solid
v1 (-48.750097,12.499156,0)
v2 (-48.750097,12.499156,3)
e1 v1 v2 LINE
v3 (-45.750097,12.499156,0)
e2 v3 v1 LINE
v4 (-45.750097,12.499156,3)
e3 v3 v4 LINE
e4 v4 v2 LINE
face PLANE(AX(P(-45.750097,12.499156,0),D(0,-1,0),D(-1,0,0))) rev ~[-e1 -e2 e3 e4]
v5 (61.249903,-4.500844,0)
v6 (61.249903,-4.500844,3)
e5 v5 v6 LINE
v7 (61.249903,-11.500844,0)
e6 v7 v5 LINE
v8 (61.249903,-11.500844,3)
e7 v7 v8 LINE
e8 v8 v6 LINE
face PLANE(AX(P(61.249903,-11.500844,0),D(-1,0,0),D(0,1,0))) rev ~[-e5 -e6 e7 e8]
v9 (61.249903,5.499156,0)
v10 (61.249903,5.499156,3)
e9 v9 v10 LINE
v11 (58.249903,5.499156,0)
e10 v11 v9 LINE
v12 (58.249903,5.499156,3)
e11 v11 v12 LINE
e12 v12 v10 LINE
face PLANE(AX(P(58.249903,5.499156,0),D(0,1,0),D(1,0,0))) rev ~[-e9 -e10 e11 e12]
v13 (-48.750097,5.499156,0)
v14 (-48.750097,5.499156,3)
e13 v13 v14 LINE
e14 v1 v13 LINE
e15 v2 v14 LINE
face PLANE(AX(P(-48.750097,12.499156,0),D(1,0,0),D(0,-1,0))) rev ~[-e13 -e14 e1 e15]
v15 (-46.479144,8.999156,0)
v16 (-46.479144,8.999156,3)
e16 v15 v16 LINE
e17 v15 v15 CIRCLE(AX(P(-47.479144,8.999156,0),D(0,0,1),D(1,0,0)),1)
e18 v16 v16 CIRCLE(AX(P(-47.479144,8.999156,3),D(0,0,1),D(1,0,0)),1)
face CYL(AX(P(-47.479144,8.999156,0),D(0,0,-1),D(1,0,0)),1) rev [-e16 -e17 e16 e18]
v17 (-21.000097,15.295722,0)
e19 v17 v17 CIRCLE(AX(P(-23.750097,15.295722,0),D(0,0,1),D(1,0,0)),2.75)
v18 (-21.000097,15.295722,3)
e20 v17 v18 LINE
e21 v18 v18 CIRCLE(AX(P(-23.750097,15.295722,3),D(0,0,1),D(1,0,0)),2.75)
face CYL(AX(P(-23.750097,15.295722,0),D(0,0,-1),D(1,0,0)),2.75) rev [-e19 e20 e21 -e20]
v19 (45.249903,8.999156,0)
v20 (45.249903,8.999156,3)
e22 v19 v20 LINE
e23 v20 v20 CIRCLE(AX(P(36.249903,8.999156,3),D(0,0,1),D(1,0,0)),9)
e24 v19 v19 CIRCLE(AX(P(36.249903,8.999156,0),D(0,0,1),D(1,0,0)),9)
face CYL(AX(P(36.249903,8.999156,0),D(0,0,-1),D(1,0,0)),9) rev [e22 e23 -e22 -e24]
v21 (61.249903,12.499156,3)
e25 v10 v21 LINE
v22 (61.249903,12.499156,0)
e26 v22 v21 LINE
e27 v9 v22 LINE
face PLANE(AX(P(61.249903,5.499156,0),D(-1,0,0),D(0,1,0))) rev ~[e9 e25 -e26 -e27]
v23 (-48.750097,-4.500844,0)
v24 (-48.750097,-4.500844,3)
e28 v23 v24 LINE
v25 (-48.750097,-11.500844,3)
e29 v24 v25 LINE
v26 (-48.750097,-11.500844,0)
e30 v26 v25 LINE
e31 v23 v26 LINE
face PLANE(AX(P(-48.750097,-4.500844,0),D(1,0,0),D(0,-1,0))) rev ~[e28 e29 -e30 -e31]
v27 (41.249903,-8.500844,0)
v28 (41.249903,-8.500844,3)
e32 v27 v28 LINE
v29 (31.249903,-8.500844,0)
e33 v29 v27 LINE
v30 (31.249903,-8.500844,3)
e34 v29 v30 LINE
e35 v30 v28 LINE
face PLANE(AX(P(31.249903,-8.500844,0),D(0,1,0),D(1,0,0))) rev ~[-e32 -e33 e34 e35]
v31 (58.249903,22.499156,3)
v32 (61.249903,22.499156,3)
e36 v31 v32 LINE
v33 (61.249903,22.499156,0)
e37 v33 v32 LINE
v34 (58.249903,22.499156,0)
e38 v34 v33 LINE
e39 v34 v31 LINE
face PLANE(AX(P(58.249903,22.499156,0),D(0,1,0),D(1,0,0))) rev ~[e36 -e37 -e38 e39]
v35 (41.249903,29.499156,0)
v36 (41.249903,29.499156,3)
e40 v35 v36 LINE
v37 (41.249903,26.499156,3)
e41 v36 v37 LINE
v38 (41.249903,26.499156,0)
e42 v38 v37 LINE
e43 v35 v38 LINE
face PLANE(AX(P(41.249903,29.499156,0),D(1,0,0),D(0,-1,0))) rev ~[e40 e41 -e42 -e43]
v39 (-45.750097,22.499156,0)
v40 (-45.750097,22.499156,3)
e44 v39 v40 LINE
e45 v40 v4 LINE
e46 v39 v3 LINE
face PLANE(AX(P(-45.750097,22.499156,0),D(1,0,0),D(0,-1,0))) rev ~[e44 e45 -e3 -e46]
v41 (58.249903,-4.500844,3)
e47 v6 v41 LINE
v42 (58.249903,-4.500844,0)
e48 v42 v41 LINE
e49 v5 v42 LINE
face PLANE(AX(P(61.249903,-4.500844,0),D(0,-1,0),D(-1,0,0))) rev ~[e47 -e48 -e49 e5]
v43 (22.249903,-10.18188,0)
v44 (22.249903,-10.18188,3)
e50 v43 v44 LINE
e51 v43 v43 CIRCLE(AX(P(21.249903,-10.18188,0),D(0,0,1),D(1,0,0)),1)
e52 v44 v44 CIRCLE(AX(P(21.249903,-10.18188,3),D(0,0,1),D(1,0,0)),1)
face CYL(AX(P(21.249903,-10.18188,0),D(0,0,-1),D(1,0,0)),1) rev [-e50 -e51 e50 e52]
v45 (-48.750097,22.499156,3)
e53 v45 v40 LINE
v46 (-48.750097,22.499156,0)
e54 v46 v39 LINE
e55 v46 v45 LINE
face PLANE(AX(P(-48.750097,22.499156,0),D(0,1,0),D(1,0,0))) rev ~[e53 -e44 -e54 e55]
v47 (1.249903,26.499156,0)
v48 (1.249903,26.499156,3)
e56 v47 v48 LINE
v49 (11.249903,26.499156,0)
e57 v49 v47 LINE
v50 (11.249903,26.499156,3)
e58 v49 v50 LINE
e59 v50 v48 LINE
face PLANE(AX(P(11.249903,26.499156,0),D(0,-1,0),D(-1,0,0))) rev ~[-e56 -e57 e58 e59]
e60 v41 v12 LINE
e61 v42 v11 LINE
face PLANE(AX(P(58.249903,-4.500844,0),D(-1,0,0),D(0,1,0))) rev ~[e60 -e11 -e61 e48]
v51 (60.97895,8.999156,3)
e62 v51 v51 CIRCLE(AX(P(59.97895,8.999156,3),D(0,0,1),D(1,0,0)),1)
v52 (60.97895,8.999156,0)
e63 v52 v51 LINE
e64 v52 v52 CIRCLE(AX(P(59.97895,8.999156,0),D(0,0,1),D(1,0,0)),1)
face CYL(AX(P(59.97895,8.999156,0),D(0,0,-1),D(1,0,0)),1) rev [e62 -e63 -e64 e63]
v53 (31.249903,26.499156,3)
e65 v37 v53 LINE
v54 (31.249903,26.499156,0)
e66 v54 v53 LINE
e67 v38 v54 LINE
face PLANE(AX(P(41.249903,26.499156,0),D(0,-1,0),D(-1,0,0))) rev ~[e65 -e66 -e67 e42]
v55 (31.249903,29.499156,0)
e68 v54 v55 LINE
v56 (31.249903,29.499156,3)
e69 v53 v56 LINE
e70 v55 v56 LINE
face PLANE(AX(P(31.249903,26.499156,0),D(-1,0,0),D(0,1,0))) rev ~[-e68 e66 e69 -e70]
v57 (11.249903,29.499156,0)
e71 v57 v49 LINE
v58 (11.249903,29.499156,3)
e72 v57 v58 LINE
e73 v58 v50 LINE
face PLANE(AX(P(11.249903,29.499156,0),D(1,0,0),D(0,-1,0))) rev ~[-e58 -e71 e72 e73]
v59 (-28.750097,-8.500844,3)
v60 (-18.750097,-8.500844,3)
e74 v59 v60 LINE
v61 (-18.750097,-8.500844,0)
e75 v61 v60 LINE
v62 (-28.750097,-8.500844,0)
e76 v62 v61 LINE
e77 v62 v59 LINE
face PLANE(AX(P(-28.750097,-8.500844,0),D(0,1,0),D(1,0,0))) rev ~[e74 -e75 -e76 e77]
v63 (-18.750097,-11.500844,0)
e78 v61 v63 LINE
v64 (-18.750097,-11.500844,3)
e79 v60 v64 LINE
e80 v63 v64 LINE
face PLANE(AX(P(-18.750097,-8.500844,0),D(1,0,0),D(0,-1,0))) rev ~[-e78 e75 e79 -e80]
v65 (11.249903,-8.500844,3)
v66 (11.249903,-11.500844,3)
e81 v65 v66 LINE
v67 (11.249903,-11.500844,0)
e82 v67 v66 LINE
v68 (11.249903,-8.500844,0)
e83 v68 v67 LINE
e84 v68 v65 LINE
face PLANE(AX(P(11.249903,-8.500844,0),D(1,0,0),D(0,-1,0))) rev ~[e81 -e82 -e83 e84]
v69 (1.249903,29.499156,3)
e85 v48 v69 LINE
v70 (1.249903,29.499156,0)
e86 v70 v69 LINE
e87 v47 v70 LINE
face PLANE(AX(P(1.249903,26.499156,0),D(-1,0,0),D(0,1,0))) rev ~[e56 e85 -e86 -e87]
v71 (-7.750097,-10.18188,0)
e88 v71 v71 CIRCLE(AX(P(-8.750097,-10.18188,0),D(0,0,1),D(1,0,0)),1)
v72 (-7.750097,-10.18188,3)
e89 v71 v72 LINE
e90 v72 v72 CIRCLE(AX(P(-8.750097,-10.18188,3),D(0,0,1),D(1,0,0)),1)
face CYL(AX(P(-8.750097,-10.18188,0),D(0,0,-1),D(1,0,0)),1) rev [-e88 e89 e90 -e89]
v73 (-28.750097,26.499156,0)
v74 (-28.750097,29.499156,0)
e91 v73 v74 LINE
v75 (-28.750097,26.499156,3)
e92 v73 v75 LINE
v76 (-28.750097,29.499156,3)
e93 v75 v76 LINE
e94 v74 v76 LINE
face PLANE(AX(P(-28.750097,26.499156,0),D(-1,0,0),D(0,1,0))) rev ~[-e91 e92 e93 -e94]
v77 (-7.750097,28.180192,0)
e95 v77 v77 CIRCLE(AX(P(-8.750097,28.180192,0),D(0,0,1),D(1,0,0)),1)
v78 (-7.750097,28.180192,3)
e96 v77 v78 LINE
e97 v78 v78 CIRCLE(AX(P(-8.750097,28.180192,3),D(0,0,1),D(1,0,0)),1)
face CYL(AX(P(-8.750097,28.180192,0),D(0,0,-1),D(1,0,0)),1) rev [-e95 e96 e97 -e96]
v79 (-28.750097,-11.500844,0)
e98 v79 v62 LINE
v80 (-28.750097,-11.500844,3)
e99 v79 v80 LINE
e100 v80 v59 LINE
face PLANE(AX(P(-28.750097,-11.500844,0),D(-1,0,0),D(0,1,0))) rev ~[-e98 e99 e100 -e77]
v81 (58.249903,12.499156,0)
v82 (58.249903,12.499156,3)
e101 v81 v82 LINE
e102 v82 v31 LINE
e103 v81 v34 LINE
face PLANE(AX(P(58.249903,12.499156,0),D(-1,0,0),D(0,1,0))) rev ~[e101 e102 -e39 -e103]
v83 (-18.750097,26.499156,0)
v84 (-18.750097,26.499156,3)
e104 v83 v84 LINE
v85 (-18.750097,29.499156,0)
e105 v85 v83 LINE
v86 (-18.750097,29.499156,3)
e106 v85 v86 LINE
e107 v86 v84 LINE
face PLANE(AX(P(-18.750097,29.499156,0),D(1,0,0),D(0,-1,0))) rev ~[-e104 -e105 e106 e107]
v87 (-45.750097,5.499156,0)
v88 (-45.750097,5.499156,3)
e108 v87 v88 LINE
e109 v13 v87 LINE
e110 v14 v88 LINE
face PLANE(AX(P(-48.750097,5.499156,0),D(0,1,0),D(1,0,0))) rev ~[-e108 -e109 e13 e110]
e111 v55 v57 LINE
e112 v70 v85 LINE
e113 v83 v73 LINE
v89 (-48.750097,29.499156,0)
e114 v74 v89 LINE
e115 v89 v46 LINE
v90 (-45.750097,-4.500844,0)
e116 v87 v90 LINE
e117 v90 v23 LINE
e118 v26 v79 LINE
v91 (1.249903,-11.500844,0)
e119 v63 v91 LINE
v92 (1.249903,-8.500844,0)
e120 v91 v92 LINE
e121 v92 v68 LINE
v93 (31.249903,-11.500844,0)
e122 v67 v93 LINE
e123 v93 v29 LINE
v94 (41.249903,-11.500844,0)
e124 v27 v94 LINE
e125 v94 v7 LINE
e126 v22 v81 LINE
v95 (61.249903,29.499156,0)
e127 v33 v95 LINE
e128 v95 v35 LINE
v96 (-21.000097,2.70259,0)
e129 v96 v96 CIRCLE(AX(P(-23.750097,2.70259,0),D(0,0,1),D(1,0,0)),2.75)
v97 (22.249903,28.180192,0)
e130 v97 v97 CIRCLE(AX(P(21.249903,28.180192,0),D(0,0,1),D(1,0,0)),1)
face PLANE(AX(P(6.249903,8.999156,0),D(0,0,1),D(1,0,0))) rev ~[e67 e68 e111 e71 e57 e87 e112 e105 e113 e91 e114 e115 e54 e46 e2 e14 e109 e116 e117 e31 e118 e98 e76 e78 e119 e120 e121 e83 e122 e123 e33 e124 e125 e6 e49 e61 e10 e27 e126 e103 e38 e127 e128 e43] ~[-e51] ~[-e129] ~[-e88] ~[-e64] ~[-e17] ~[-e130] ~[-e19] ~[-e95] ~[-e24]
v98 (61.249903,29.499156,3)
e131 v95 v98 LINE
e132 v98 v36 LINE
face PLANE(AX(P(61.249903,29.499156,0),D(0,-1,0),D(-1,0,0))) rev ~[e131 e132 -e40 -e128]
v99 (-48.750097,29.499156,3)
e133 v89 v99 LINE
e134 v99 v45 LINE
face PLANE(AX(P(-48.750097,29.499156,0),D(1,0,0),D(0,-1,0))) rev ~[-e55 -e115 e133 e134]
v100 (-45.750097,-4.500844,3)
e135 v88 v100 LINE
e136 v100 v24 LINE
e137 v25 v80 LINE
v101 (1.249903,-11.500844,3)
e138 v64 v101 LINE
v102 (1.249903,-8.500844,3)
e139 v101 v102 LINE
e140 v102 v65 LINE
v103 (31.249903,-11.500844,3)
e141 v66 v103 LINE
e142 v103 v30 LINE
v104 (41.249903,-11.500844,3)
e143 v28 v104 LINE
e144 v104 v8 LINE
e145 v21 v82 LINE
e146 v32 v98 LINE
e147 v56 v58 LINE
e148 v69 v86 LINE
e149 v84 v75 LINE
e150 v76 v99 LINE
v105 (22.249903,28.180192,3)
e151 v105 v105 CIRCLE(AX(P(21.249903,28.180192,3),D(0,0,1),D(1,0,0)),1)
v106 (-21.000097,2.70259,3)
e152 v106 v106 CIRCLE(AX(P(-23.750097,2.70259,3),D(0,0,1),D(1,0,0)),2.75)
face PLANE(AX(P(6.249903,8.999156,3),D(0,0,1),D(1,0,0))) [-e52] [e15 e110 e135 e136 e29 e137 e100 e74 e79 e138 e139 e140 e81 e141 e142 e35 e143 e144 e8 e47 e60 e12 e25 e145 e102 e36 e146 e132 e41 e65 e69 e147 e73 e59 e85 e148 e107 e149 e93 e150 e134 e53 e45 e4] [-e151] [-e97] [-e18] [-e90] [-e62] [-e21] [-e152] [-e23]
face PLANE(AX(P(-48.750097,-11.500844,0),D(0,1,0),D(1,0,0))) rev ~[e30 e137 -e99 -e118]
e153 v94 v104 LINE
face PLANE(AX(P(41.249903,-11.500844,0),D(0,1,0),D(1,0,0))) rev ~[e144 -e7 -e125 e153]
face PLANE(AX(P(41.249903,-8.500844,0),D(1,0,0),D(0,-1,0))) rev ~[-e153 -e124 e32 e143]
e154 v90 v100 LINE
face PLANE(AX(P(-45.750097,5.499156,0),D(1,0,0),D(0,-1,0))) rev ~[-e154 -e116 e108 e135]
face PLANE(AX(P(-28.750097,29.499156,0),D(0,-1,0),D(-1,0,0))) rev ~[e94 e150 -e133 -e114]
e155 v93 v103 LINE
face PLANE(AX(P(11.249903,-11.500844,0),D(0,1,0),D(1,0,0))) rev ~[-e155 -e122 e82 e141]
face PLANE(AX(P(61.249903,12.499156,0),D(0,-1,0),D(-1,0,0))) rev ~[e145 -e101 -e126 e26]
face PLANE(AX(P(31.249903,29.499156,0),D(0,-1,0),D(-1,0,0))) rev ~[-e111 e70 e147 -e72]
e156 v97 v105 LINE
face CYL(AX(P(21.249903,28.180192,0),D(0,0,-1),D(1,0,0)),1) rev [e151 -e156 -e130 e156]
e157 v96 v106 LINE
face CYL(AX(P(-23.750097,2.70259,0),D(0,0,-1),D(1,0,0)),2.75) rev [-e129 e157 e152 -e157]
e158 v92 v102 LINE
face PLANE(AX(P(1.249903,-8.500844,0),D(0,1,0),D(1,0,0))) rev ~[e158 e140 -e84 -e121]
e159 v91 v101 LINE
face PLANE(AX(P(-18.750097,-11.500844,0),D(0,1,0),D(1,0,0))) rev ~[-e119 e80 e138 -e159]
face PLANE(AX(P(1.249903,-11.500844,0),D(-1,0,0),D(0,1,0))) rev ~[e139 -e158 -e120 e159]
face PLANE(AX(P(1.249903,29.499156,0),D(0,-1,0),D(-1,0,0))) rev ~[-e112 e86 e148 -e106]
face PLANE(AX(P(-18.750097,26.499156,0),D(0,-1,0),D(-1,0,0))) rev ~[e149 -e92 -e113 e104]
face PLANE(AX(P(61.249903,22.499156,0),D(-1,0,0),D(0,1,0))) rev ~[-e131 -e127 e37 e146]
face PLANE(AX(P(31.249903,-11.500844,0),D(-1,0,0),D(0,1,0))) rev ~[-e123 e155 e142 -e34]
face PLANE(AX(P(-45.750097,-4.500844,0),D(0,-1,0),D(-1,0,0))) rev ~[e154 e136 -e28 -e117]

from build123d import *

# Parameters (mm, degrees)
F0_R     = 1
F0_R_2   = 2.75
F0_R_3   = 9
F1_DEPTH = 3


with BuildPart() as f1:
    # F0 (on Top) → F1 (new body)
    with BuildSketch(Plane.XY):
        Polygon((-48.750097, -4.500844), (-48.750097, -11.500844), (-28.750097, -11.500844), (-28.750097, -8.500844), (-18.750097, -8.500844), (-18.750097, -11.500844), (1.249903, -11.500844), (1.249903, -8.500844), (6.249903, -8.500844), (11.249903, -8.500844), (11.249903, -11.500844), (31.249903, -11.500844), (31.249903, -8.500844), (41.249903, -8.500844), (41.249903, -11.500844), (61.249903, -11.500844), (61.249903, -4.500844), (58.249903, -4.500844), (58.249903, 5.499156), (61.249903, 5.499156), (61.249903, 12.499156), (58.249903, 12.499156), (58.249903, 22.499156), (61.249903, 22.499156), (61.249903, 29.499156), (41.249903, 29.499156), (41.249903, 26.499156), (31.249903, 26.499156), (31.249903, 29.499156), (11.249903, 29.499156), (11.249903, 26.499156), (6.249903, 26.499156), (1.249903, 26.499156), (1.249903, 29.499156), (-18.750097, 29.499156), (-18.750097, 26.499156), (-28.750097, 26.499156), (-28.750097, 29.499156), (-48.750097, 29.499156), (-48.750097, 22.499156), (-45.750097, 22.499156), (-45.750097, 12.499156), (-48.750097, 12.499156), (-48.750097, 5.499156), (-45.750097, 5.499156), (-45.750097, -4.500844), align=None)
        with Locations((-8.750097, -10.18188)):
            Circle(F0_R, mode=Mode.SUBTRACT)
        with Locations((-23.750097, 2.70259)):
            Circle(F0_R_2, mode=Mode.SUBTRACT)
        with Locations((21.249903, -10.18188)):
            Circle(F0_R, mode=Mode.SUBTRACT)
        with Locations((-47.479144, 8.999156)):
            Circle(F0_R, mode=Mode.SUBTRACT)
        with Locations((-23.750097, 15.295722)):
            Circle(F0_R_2, mode=Mode.SUBTRACT)
        with Locations((-8.750097, 28.180192)):
            Circle(F0_R, mode=Mode.SUBTRACT)
        with Locations((36.249903, 8.999156)):
            Circle(F0_R_3, mode=Mode.SUBTRACT)
        with Locations((59.97895, 8.999156)):
            Circle(F0_R, mode=Mode.SUBTRACT)
        with Locations((21.249903, 28.180192)):
            Circle(F0_R, mode=Mode.SUBTRACT)
    extrude(amount=F1_DEPTH)


solid = f1.part
